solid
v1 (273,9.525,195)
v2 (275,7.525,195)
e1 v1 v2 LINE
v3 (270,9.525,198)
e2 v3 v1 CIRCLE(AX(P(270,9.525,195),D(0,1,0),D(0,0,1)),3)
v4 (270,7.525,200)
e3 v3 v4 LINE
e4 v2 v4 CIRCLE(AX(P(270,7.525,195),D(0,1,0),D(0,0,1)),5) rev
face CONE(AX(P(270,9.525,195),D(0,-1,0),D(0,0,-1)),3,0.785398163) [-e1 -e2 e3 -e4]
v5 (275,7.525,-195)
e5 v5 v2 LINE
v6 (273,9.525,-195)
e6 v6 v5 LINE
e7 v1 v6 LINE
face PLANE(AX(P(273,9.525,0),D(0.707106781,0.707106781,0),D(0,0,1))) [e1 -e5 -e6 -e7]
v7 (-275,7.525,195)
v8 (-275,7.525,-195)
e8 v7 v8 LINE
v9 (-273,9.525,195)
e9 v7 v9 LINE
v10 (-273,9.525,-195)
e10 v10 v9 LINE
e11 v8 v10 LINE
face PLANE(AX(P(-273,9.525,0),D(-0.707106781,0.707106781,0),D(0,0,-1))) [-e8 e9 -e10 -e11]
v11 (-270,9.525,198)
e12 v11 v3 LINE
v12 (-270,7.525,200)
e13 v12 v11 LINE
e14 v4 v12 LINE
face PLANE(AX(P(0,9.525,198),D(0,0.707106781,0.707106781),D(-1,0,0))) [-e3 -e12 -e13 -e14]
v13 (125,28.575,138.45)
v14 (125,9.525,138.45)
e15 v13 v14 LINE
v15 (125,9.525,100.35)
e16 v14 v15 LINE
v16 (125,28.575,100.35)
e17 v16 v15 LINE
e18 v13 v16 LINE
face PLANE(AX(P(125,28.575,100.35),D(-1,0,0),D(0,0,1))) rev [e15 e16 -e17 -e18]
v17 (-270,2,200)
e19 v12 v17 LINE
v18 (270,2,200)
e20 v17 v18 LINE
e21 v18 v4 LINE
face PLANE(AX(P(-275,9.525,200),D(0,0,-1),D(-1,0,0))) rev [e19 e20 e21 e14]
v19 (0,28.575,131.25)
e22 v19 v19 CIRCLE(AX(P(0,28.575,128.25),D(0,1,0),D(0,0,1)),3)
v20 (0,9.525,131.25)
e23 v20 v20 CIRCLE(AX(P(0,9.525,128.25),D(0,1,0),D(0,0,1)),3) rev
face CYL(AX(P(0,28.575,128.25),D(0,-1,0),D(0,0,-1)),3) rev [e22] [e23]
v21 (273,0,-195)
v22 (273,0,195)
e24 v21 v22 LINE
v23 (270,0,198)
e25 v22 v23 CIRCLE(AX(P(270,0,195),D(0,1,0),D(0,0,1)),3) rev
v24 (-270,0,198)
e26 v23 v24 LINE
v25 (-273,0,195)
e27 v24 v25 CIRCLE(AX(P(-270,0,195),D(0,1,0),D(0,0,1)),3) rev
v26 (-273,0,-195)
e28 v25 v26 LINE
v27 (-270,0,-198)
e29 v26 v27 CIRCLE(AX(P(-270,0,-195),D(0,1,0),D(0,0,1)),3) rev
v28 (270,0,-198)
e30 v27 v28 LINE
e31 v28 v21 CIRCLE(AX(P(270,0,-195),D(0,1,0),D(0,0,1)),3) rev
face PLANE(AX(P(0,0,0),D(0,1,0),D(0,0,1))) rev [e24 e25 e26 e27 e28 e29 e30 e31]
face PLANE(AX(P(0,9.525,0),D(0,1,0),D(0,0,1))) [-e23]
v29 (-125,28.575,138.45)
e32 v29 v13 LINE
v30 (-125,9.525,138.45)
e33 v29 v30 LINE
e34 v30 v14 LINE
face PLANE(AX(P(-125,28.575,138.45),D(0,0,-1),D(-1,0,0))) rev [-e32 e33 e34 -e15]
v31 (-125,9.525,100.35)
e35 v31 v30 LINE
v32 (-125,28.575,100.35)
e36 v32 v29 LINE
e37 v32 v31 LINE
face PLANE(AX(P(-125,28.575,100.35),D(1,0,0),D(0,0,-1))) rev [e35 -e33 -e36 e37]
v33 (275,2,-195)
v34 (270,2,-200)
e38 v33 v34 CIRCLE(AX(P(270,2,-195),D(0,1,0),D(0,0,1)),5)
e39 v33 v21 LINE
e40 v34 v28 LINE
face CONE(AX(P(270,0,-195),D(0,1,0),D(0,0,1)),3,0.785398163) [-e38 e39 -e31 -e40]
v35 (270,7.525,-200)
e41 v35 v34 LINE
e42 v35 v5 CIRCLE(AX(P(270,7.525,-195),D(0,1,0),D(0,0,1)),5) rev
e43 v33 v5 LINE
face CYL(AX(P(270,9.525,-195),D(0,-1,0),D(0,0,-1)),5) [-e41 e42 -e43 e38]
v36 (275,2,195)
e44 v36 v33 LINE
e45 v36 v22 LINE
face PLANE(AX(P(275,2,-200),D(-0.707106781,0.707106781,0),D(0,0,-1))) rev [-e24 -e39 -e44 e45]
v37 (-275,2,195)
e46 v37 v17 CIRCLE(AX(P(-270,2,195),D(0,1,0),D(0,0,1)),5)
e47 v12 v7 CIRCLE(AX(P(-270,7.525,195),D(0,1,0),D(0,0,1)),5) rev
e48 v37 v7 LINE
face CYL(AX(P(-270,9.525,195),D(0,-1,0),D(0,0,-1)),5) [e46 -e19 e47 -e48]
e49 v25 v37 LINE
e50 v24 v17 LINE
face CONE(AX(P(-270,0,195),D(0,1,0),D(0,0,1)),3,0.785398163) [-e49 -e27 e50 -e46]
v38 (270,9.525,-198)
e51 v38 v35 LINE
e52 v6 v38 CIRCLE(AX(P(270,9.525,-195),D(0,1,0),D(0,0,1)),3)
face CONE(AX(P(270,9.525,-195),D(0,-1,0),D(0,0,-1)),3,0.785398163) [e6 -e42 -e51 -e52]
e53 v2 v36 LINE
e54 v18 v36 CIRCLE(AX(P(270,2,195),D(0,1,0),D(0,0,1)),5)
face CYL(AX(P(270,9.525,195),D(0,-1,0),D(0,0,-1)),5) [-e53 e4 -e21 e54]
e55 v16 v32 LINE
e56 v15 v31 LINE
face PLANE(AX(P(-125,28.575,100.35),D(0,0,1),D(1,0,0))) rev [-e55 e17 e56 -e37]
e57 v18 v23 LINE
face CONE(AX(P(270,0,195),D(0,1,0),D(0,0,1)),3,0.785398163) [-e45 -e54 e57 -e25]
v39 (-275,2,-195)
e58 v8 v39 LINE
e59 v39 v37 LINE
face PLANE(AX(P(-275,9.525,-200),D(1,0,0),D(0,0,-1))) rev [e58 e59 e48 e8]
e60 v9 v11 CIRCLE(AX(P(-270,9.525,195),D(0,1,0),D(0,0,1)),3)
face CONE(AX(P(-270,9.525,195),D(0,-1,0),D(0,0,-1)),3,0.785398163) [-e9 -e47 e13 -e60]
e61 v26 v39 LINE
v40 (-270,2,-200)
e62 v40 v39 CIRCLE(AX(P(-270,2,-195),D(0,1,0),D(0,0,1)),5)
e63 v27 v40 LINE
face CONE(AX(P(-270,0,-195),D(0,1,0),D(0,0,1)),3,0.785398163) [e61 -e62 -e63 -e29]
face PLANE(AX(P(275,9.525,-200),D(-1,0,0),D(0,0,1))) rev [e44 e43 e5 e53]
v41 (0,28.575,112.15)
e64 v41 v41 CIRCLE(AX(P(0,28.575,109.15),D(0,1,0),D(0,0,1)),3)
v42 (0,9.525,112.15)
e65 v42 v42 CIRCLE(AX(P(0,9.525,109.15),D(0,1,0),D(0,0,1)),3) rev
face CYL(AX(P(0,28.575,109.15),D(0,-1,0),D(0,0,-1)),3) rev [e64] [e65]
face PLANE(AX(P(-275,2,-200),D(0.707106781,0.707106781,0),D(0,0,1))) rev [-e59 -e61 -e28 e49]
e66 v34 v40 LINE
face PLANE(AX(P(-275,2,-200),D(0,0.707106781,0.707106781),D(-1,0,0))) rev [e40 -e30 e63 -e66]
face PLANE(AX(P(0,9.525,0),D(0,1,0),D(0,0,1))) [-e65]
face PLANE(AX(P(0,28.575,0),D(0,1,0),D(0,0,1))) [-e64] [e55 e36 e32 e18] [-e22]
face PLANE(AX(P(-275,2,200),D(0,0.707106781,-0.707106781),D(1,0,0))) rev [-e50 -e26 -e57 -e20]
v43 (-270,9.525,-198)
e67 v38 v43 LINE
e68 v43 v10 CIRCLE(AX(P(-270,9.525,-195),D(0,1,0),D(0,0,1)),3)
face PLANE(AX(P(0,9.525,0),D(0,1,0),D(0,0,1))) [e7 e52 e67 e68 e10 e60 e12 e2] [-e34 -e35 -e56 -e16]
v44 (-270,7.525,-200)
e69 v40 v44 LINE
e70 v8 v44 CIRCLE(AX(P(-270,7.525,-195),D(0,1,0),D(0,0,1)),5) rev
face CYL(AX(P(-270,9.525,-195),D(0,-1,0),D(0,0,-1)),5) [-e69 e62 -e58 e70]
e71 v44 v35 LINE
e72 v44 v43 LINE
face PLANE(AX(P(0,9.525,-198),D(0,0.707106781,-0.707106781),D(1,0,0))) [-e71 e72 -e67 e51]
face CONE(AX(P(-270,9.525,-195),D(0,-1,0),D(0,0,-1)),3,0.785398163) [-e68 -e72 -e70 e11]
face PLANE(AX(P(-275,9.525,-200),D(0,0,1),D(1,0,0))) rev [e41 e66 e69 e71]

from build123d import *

# Parameters (mm, degrees)
SKETCH1_W           = 550
SKETCH1_H           = 400
BOSS_EXTRUDE1_DEPTH = 9.525
FILLET2_R           = 5
CHAMFER1_SIZE       = 2
CHAMFER2_SIZE       = 2
SKETCH3_W           = 250
SKETCH3_H           = 38.1
SKETCH3_R           = 3
BOSS_EXTRUDE2_DEPTH = 19.05


with BuildPart() as part:
    # Sketch1 → Boss-Extrude1 (new body)
    with BuildSketch(Plane(origin=(0, 0, 0), x_dir=(1, 0, 0), z_dir=(0, 1, 0))):
        Rectangle(SKETCH1_W, SKETCH1_H)
    extrude(amount=BOSS_EXTRUDE1_DEPTH)

    # Fillet2
    fillet2_edges = [part.edges().sort_by_distance(p)[0] for p in [
        (275, 4.7625, 200),
        (-275, 4.7625, 200),
        (-275, 4.7625, -200),
        (275, 4.7625, -200),
    ]]
    fillet(fillet2_edges, radius=FILLET2_R)

    # Chamfer1
    chamfer1_edges = [part.edges().sort_by_distance(p)[0] for p in [
        (-275, 9.525, 0),
        (0, 9.525, -200),
        (275, 9.525, 0),
        (0, 9.525, 200),
        (-273.535533906, 9.525, 198.535533906),
        (273.535533906, 9.525, 198.535533906),
        (273.535533906, 9.525, -198.535533906),
        (-273.535533906, 9.525, -198.535533906),
    ]]
    chamfer(chamfer1_edges, length=CHAMFER1_SIZE)

    # Chamfer2
    chamfer2_edges = [part.edges().sort_by_distance(p)[0] for p in [
        (-275, 0, 0),
        (275, 0, 0),
        (0, 0, 200),
        (0, 0, -200),
        (-273.535533906, 0, 198.535533906),
        (273.535533906, 0, 198.535533906),
        (273.535533906, 0, -198.535533906),
        (-273.535533906, 0, -198.535533906),
    ]]
    chamfer(chamfer2_edges, length=CHAMFER2_SIZE)

    # Sketch3 → Boss-Extrude2 (add)
    with BuildSketch(Plane(origin=(0, 9.525, 0), x_dir=(1, 0, 0), z_dir=(0, 1, 0))):
        with Locations((0, -119.4)):
            Rectangle(SKETCH3_W, SKETCH3_H)
        with Locations((0, -109.15)):
            Circle(SKETCH3_R, mode=Mode.SUBTRACT)
        with Locations((0, -128.25)):
            Circle(SKETCH3_R, mode=Mode.SUBTRACT)
    extrude(amount=BOSS_EXTRUDE2_DEPTH)


solid = part.part
